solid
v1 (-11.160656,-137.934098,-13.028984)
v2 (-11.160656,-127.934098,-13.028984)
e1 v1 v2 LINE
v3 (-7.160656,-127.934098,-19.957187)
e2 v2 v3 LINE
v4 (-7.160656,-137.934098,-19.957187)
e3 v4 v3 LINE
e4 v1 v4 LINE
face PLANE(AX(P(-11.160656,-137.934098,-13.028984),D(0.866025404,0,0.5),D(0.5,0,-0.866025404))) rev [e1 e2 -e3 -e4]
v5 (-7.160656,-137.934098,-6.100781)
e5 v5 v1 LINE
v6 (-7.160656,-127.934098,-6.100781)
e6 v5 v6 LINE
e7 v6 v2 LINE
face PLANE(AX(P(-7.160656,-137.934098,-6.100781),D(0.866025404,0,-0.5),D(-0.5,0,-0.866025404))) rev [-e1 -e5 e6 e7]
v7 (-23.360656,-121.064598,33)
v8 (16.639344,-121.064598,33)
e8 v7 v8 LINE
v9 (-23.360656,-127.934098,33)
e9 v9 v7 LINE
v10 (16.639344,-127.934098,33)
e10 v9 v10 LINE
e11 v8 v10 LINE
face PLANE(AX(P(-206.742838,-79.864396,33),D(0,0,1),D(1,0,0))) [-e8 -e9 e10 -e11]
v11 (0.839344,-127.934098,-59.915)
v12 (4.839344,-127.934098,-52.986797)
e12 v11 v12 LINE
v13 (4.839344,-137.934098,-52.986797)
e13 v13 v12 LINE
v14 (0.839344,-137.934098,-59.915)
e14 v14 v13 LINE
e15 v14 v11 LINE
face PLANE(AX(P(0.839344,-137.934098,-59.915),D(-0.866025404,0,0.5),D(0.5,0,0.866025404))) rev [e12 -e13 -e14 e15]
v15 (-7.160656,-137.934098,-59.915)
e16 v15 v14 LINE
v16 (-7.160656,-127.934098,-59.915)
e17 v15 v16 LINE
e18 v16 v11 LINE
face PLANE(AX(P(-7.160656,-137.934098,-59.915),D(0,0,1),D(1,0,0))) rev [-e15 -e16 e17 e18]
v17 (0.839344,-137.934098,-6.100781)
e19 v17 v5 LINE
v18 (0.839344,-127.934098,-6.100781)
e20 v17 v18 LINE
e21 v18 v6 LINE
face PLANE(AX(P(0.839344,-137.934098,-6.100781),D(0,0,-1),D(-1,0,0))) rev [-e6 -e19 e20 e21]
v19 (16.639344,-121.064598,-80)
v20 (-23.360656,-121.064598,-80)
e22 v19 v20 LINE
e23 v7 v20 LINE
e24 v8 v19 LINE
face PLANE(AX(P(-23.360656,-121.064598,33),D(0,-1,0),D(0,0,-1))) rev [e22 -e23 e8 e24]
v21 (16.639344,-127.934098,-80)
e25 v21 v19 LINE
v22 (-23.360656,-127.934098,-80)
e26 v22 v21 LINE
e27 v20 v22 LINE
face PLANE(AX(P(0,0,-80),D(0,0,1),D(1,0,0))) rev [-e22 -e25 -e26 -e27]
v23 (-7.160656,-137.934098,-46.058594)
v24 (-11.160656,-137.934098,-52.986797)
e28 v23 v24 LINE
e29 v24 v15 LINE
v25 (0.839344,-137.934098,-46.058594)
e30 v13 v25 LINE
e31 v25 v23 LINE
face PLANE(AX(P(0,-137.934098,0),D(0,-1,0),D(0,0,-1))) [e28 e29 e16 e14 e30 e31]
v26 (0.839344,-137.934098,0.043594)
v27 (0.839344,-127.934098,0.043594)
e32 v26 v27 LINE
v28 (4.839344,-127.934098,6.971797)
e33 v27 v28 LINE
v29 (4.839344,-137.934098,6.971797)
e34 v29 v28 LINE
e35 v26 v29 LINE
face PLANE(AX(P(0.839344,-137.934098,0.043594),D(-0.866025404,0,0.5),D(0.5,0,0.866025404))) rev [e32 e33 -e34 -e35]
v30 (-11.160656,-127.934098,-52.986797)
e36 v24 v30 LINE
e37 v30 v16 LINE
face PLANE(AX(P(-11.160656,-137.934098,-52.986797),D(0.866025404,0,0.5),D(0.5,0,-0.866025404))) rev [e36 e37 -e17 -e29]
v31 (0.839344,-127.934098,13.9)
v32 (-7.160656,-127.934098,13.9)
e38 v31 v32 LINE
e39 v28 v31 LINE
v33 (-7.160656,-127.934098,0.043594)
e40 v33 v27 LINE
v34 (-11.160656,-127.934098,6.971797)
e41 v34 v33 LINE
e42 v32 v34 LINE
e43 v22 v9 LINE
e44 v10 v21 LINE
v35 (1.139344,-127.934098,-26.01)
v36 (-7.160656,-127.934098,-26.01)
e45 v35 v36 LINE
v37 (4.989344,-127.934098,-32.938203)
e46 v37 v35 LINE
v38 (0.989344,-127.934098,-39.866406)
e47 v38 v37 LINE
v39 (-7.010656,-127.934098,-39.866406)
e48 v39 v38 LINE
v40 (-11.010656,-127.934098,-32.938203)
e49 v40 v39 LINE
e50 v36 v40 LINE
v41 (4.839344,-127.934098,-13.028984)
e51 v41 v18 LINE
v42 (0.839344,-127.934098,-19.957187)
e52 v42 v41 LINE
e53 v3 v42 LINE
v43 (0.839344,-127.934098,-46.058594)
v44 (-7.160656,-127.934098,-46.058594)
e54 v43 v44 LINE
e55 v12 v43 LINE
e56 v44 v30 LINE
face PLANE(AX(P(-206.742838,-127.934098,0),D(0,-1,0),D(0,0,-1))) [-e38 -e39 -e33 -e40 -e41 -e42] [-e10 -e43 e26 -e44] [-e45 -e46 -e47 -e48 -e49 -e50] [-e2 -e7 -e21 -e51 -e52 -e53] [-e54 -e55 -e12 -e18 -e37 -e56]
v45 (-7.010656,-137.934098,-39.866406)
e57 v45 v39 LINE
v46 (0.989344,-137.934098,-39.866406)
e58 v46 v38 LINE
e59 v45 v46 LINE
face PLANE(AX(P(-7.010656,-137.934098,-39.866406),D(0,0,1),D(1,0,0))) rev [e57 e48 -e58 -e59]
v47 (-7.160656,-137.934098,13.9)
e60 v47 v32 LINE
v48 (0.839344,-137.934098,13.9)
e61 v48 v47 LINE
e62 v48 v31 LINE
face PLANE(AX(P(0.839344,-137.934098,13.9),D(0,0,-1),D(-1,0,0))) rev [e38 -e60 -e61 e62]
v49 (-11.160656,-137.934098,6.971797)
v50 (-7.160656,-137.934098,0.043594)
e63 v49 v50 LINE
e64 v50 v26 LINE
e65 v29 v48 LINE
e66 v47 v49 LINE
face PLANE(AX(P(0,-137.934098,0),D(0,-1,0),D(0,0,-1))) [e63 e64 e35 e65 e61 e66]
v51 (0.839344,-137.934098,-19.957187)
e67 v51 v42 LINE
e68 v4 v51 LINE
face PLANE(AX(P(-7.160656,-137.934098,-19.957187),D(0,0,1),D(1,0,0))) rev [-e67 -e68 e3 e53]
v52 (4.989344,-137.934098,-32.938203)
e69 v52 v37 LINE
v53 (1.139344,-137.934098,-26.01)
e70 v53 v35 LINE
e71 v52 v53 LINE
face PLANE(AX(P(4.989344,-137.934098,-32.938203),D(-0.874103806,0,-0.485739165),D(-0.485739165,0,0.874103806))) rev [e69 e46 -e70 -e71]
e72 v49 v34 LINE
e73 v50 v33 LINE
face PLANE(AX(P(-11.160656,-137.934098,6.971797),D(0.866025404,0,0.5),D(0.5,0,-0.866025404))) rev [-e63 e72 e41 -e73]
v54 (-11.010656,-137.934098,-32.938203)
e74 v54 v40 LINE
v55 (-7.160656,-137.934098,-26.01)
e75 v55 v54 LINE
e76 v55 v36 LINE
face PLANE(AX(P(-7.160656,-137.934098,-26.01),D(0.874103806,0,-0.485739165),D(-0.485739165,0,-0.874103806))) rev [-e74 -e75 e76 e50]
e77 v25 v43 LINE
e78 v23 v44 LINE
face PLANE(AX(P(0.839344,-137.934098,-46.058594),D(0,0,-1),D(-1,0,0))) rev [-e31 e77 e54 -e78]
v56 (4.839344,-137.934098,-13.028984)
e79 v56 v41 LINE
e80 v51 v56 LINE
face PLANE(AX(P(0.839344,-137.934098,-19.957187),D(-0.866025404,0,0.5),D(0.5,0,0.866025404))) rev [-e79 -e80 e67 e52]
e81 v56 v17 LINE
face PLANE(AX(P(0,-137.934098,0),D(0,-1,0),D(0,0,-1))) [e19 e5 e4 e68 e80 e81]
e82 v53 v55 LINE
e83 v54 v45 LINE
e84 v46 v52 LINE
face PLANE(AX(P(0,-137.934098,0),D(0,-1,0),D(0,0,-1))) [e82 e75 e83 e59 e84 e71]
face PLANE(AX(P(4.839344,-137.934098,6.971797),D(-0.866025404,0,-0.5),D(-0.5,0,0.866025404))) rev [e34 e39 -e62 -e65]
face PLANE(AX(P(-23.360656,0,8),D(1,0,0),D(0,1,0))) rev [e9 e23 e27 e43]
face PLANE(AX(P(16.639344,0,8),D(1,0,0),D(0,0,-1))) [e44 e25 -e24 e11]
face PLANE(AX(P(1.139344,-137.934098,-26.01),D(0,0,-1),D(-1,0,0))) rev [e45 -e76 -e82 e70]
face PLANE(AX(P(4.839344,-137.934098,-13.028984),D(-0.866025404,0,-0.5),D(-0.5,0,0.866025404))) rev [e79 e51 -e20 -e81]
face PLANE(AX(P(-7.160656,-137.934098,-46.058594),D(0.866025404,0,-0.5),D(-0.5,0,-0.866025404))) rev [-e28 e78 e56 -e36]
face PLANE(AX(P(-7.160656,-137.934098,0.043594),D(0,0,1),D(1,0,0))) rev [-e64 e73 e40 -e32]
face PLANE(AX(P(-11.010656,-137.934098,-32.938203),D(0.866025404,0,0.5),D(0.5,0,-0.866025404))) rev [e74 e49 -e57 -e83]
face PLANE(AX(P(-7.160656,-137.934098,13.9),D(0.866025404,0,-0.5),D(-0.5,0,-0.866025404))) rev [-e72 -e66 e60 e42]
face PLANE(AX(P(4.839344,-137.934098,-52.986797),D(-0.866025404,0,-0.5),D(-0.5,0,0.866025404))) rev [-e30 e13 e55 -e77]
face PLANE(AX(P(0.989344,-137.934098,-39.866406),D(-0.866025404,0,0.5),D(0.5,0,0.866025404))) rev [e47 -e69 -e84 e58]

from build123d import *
from build123d.topology import SkipClean

# Parameters (mm, degrees)
SKETCH1_W               = 40
SKETCH1_H               = 40
SKETCH1_R               = 1.6
SKETCH1_R_2             = 11.25
BOSS_EXTRUDE1_DEPTH     = 8
CHAMFER2_SIZE           = 1
CHAMFER4_SIZE           = 1.3
BOSS_EXTRUDE2_DEPTH     = 5
BOSS_EXTRUDE3_DEPTH     = 40
CUT_EXTRUDE1_DEPTH      = 157.099755039
CUT_EXTRUDE1_DEPTH_BACK = 157.099755039
SKETCH6_W               = 7
SKETCH6_H               = 9.179407211
CUT_EXTRUDE2_START      = -40
SKETCH7_W               = 9.179407211
SKETCH7_H               = 6
CUT_EXTRUDE2_DEPTH      = 40
BOSS_EXTRUDE4_DEPTH     = 10
SKETCH12_W              = 108.011854904
SKETCH12_H              = 137.560499443
CUT_EXTRUDE4_DEPTH      = 165.39530252
SKETCH13_W              = 40
SKETCH13_H              = 6.869500557
BOSS_EXTRUDE7_DEPTH     = 113


with BuildPart() as part:
    # Sketch1 → Boss-Extrude1 (new body)
    with BuildSketch(Plane.XY):
        with Locations((-3.360655738, -3.504098361)):
            Rectangle(SKETCH1_W, SKETCH1_H)
        with Locations((-3.360655738, 12.745901639)):
            Circle(SKETCH1_R, mode=Mode.SUBTRACT)
        with Locations((12.889344262, -3.504098361)):
            Circle(SKETCH1_R, mode=Mode.SUBTRACT)
        with Locations((-3.360655738, -19.754098361)):
            Circle(SKETCH1_R, mode=Mode.SUBTRACT)
        with Locations((-19.610655738, -3.504098361)):
            Circle(SKETCH1_R, mode=Mode.SUBTRACT)
        with Locations((-3.360655738, -3.504098361)):
            Circle(SKETCH1_R_2, mode=Mode.SUBTRACT)
    extrude(amount=BOSS_EXTRUDE1_DEPTH)

    # Chamfer2
    chamfer2_edges = [part.edges().sort_by_distance(p)[0] for p in [
        (-4.960655738, 12.745901639, 0),
        (11.289344262, -3.504098361, 0),
        (-4.960655738, -19.754098361, 0),
        (-21.210655738, -3.504098361, 0),
    ]]
    chamfer(chamfer2_edges, length=CHAMFER2_SIZE)

    # Chamfer4
    chamfer4_edges = [part.edges().sort_by_distance(p)[0] for p in [
        (-14.610655738, -3.504098361, 0),
    ]]
    chamfer(chamfer4_edges, length=CHAMFER4_SIZE)

    # Sketch3 → Boss-Extrude2 (add)
    with SkipClean():  # the faces are left unmerged after this step: merging them gives an invalid solid
        with BuildSketch(Plane.XY.offset(8)):
            with BuildLine():
                Line((-15.860655738, -8.093801966), (-23.360655738, -8.093801966))
                Line((-23.360655738, -8.093801966), (-23.360655738, -23.504098361))
                Line((-23.360655738, -23.504098361), (-7.950359343, -23.504098361))
                Line((-7.950359343, -23.504098361), (-7.950359343, -16.004098361))
                Line((-7.950359343, -16.004098361), (-7.950359343, -13.775277495))
                ThreePointArc((-7.950359343, -13.775277495), (-11.315607026, -11.459049649), (-13.631834872, -8.093801966))
                Line((-13.631834872, -8.093801966), (-15.860655738, -8.093801966))
            make_face()
            with BuildLine():
                Line((-7.950359343, 8.995901639), (-7.950359343, 16.495901639))
                Line((-7.950359343, 16.495901639), (-23.360655738, 16.495901639))
                Line((-23.360655738, 16.495901639), (-23.360655738, 1.085605245))
                Line((-23.360655738, 1.085605245), (-15.860655738, 1.085605245))
                Line((-15.860655738, 1.085605245), (-13.631834872, 1.085605245))
                ThreePointArc((-13.631834872, 1.085605245), (-11.315607026, 4.450852928), (-7.950359343, 6.767080774))
                Line((-7.950359343, 6.767080774), (-7.950359343, 8.995901639))
            make_face()
            with BuildLine():
                Line((16.639344262, 16.495901639), (1.229047868, 16.495901639))
                Line((1.229047868, 16.495901639), (1.229047868, 8.995901639))
                Line((1.229047868, 8.995901639), (1.229047868, 6.767080774))
                ThreePointArc((1.229047868, 6.767080774), (4.594295551, 4.450852928), (6.910523397, 1.085605245))
                Line((6.910523397, 1.085605245), (9.139344262, 1.085605245))
                Line((9.139344262, 1.085605245), (16.639344262, 1.085605245))
                Line((16.639344262, 1.085605245), (16.639344262, 16.495901639))
            make_face()
            with BuildLine():
                Line((16.639344262, -23.504098361), (16.639344262, -8.093801966))
                Line((16.639344262, -8.093801966), (9.139344262, -8.093801966))
                Line((9.139344262, -8.093801966), (6.910523397, -8.093801966))
                ThreePointArc((6.910523397, -8.093801966), (4.594295551, -11.459049649), (1.229047868, -13.775277495))
                Line((1.229047868, -13.775277495), (1.229047868, -16.004098361))
                Line((1.229047868, -16.004098361), (1.229047868, -23.504098361))
                Line((1.229047868, -23.504098361), (16.639344262, -23.504098361))
            make_face()
        extrude(amount=BOSS_EXTRUDE2_DEPTH)

    # Sketch5 → Boss-Extrude3 (add)
    with SkipClean():  # the faces are left unmerged after this step: merging them gives an invalid solid
        with BuildSketch(Plane(origin=(16.639344262, 0, 0), x_dir=(0, 0, -1), z_dir=(1, 0, 0))):
            with BuildLine():
                Line((-13, 16.495901639), (-23, 16.495901639))
                ThreePointArc((-23, 16.495901639), (-30.071067812, 13.566969451), (-33, 6.495901639))
                Line((-33, 6.495901639), (-33, -79.864396018))
                Line((-33, -79.864396018), (-33, -127.934098361))
                Line((-33, -127.934098361), (0, -127.934098361))
                Line((0, -127.934098361), (80, -127.934098361))
                ThreePointArc((80, -127.934098361), (22.298563281, -89.279521012), (0, -23.504098361))
                Line((0, -23.504098361), (-13, -23.504098361))
                Line((-13, -23.504098361), (-13, 16.495901639))
            make_face()
        extrude(amount=-BOSS_EXTRUDE3_DEPTH)

    # Sketch6 → Cut-Extrude1 (cut, two sides: drawn at the far end of the back side and taken through both)
    with SkipClean():  # the faces are left unmerged after this step: merging them gives an invalid solid
        with BuildSketch(Plane(origin=(16.639344262, 0, 0), x_dir=(0, 0, -1), z_dir=(1, 0, 0)).offset(-CUT_EXTRUDE1_DEPTH_BACK)):
            with Locations((-16.5, -3.504098361)):
                Rectangle(SKETCH6_W, SKETCH6_H)
        extrude(amount=CUT_EXTRUDE1_DEPTH + CUT_EXTRUDE1_DEPTH_BACK, mode=Mode.SUBTRACT)

    # Sketch7 → Cut-Extrude2 (cut)
    with SkipClean():  # the faces are left unmerged after this step: merging them gives an invalid solid
        with BuildSketch(Plane(origin=(0, 16.495901639, 0), x_dir=(1, 0, 0), z_dir=(0, 1, 0)).offset(CUT_EXTRUDE2_START)):
            with Locations((-3.360655738, -16)):
                Rectangle(SKETCH7_W, SKETCH7_H)
        extrude(amount=CUT_EXTRUDE2_DEPTH, mode=Mode.SUBTRACT)

    # Sketch8 → Boss-Extrude4 (add)
    with SkipClean():  # the faces are left unmerged after this step: merging them gives an invalid solid
        with BuildSketch(Plane.XZ.offset(127.934098361)):
            Polygon((4.989344262, -32.93820323), (1.139344262, -26.01), (-7.160655738, -26.01), (-11.010655738, -32.93820323), (-7.010655738, -39.866406461), (0.989344262, -39.866406461), align=None)
            Polygon((4.839344262, -52.98679677), (0.839344262, -46.058593539), (-7.160655738, -46.058593539), (-11.160655738, -52.98679677), (-7.160655738, -59.915), (0.839344262, -59.915), align=None)
            Polygon((4.839344262, -13.02898385), (0.839344262, -6.10078062), (-7.160655738, -6.10078062), (-11.160655738, -13.02898385), (-7.160655738, -19.957187081), (0.839344262, -19.957187081), align=None)
            Polygon((4.839344262, 6.97179677), (0.839344262, 13.9), (-7.160655738, 13.9), (-11.160655738, 6.97179677), (-7.160655738, 0.043593539), (0.839344262, 0.043593539), align=None)
        extrude(amount=BOSS_EXTRUDE4_DEPTH)

    # Sketch12 → Cut-Extrude4 (cut, through all)
    with BuildSketch(Plane(origin=(16.639344262, 0, 0), x_dir=(0, 0, -1), z_dir=(1, 0, 0))):
        with Locations((21.005927452, -52.284348083)):
            Rectangle(SKETCH12_W, SKETCH12_H)
    extrude(amount=-CUT_EXTRUDE4_DEPTH, mode=Mode.SUBTRACT)

    # Sketch13 → Boss-Extrude7 (add, through all)
    with BuildSketch(Plane.XY.offset(33)):
        with Locations((-3.360655738, -124.499348083)):
            Rectangle(SKETCH13_W, SKETCH13_H)
    extrude(amount=-BOSS_EXTRUDE7_DEPTH)


solid = part.part
